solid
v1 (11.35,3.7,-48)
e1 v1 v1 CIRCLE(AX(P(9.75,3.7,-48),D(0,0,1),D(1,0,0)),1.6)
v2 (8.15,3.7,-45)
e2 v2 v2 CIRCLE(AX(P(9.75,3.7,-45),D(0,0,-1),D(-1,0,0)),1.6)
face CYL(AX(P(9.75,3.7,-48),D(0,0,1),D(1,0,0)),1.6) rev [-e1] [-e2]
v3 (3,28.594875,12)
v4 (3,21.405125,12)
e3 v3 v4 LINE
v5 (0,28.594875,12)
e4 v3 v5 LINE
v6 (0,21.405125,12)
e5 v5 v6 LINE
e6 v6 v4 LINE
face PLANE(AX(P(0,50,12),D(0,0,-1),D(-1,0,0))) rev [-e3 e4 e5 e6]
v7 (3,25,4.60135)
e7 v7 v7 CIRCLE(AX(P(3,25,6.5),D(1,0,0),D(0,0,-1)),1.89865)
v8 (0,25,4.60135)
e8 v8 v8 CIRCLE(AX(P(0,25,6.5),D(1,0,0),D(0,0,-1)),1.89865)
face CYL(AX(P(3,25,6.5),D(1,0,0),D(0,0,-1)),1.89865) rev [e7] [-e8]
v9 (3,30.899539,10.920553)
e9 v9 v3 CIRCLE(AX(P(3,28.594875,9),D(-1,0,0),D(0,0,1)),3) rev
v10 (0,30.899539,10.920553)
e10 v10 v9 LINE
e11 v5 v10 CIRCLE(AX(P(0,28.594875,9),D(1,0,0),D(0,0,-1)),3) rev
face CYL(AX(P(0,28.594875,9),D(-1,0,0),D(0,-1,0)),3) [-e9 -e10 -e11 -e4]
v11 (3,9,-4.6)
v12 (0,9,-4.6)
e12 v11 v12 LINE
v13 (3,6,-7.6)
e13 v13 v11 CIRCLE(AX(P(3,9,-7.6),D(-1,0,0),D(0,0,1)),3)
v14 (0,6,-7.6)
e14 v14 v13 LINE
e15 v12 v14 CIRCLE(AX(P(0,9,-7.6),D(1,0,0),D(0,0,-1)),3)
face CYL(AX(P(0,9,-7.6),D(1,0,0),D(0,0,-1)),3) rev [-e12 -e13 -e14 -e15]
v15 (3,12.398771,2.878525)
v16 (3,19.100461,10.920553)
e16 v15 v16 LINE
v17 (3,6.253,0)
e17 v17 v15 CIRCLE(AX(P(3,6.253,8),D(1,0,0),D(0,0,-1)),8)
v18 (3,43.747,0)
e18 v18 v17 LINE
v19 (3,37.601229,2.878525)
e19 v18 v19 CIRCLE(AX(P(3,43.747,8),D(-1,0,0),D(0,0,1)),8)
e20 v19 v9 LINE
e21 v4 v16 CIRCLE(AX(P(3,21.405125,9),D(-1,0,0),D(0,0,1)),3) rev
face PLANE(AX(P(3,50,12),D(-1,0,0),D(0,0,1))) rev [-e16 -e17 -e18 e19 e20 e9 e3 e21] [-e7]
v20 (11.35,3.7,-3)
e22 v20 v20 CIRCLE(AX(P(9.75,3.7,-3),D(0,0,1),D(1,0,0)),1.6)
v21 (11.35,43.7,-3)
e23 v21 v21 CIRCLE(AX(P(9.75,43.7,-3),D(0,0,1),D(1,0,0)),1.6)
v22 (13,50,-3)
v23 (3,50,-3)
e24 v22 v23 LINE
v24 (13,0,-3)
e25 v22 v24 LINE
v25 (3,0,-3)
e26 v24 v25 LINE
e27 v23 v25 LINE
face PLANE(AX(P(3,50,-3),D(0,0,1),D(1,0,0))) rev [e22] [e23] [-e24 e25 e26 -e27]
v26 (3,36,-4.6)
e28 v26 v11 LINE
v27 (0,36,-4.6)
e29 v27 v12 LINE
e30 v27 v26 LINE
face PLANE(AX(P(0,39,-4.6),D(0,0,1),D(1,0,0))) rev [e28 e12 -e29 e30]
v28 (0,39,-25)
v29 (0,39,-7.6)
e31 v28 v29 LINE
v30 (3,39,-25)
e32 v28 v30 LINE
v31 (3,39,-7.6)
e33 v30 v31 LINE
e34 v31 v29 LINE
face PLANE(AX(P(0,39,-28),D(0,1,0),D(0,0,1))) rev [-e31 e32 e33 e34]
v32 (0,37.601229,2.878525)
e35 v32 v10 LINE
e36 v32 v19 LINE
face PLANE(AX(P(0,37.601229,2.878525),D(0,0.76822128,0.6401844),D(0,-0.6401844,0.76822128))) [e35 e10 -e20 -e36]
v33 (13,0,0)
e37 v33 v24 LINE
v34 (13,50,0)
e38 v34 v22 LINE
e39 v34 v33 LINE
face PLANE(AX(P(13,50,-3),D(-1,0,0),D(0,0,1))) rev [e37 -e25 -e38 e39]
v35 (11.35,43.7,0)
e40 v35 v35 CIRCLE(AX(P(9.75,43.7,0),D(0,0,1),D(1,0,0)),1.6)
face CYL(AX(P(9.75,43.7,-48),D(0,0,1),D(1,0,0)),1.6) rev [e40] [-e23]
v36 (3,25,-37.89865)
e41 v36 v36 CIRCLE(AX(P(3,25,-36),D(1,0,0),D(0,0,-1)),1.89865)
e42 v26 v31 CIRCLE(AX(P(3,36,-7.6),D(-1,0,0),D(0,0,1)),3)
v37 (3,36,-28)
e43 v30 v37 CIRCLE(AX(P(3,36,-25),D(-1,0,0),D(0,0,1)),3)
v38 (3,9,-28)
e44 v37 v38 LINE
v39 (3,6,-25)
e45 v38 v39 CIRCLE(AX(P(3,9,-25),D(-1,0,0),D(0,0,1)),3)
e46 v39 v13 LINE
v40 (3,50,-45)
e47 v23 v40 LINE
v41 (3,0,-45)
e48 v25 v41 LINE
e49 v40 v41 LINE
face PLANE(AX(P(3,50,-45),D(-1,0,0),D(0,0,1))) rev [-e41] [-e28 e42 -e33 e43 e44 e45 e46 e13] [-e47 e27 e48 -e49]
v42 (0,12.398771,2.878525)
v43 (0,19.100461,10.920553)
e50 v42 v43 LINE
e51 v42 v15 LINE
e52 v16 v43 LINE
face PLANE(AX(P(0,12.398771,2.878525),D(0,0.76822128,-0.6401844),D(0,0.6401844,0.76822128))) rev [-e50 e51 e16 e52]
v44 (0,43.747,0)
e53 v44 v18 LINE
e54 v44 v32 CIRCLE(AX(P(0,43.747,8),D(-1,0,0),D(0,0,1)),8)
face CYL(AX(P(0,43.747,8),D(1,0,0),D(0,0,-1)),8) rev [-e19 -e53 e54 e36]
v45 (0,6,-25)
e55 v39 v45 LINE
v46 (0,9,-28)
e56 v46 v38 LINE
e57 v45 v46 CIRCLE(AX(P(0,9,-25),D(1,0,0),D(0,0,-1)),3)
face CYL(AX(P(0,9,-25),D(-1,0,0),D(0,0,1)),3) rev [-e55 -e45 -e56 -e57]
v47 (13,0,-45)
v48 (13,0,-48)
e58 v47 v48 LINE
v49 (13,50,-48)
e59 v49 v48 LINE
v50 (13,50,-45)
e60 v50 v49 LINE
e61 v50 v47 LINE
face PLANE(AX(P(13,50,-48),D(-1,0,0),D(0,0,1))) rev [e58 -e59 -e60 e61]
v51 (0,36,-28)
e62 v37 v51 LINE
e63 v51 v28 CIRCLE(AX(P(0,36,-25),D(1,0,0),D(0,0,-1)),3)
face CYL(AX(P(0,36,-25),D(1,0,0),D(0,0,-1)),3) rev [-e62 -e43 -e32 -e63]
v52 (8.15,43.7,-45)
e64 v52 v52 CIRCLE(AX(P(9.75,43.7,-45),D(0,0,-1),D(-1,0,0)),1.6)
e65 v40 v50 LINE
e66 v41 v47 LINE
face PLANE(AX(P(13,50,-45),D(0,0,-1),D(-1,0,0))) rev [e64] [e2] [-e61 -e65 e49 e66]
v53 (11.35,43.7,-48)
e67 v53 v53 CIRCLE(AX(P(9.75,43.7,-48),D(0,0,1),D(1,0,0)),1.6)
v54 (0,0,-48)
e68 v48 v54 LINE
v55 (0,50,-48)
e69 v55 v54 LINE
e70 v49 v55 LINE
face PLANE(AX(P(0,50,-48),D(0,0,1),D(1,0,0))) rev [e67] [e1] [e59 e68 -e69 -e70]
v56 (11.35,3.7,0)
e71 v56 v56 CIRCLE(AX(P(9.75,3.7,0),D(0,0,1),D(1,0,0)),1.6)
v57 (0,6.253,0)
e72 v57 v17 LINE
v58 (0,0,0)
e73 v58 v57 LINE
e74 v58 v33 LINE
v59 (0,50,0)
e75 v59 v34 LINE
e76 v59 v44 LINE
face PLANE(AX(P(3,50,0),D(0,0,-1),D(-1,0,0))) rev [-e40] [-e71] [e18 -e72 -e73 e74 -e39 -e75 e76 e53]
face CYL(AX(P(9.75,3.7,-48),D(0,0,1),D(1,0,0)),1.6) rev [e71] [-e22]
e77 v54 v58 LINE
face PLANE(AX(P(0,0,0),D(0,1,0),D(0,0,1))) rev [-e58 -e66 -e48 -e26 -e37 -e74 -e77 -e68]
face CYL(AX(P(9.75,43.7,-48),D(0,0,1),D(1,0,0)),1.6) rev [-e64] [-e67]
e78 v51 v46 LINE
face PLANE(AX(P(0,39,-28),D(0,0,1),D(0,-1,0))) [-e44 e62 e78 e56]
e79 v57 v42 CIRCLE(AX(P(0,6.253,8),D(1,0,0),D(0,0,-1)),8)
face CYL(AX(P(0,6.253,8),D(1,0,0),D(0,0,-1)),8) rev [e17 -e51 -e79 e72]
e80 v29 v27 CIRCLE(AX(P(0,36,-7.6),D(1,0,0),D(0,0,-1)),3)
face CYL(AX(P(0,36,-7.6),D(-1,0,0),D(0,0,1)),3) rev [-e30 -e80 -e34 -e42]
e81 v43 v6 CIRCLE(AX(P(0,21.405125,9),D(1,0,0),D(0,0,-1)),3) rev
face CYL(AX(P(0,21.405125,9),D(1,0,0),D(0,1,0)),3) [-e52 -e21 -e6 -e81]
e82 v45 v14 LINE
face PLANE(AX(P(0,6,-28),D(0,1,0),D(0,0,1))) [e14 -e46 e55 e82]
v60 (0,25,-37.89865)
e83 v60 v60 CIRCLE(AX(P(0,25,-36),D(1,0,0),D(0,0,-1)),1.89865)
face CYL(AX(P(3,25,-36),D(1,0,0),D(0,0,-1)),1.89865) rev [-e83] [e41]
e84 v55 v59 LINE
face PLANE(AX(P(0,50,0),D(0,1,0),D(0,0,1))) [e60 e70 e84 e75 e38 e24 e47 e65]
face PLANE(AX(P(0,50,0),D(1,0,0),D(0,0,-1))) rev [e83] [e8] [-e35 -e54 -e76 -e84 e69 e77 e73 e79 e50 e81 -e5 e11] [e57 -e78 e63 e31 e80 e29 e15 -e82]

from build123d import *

# Parameters (mm, degrees)
BOSS_EXTRUDE1_DEPTH   = 50
SKETCH3_R             = 1.6
CUT_EXTRUDE1_DEPTH    = 49
SKETCH4_W             = 23.4
SKETCH4_H             = 33
CUT_EXTRUDE2_DEPTH    = 4
FILLET1_R             = 3
FILLET2_R             = 3
F_6_CLEARANCE_HOLE1_D = 3.7973


with BuildPart() as part:
    # Sketch1 → Boss-Extrude1 (new body)
    with BuildSketch(Plane(origin=(0, 0, 0), x_dir=(1, 0, 0), z_dir=(0, 1, 0))):
        Polygon((0, 0), (0, 48), (3, 48), (13, 48), (13, 45), (3, 45), (3, 3), (13, 3), (13, 0), (3, 0), (3, -12), (0, -12), align=None)
    extrude(amount=BOSS_EXTRUDE1_DEPTH)

    # Sketch3 → Cut-Extrude1 (cut, through all)
    with BuildSketch(Plane.XY):
        with Locations((9.75, 43.7)):
            Circle(SKETCH3_R)
        with Locations((9.75, 3.7)):
            Circle(SKETCH3_R)
    extrude(amount=-CUT_EXTRUDE1_DEPTH, mode=Mode.SUBTRACT)

    # Sketch4 → Cut-Extrude2 (cut, through all)
    with BuildSketch(Plane(origin=(3, 0, 0), x_dir=(0, 0, -1), z_dir=(1, 0, 0))):
        with BuildLine():
            Line((0, 50), (-12, 50))
            Line((-12, 50), (-12, 30))
            Line((-12, 30), (-2.878524803, 37.601229331))
            ThreePointArc((-2.878524803, 37.601229331), (-0.75528463, 40.353756398), (0, 43.746999568))
            Line((0, 43.746999568), (0, 50))
        make_face()
        with BuildLine():
            Line((0, 0), (0, 6.253000432))
            ThreePointArc((0, 6.253000432), (-0.75528463, 9.646243602), (-2.878524803, 12.398770669))
            Line((-2.878524803, 12.398770669), (-12, 20))
            Line((-12, 20), (-12, 0))
            Line((-12, 0), (0, 0))
        make_face()
        with Locations((16.3, 22.5)):
            Rectangle(SKETCH4_W, SKETCH4_H)
    extrude(amount=-CUT_EXTRUDE2_DEPTH, mode=Mode.SUBTRACT)

    # Fillet1
    fillet1_edges = [part.edges().sort_by_distance(p)[0] for p in [
        (1.5, 20, 12),
        (1.5, 30, 12),
    ]]
    fillet(fillet1_edges, radius=FILLET1_R)

    # Fillet2
    fillet2_edges = [part.edges().sort_by_distance(p)[0] for p in [
        (1.5, 6, -28),
        (1.5, 6, -4.6),
        (1.5, 39, -4.6),
        (1.5, 39, -28),
    ]]
    fillet(fillet2_edges, radius=FILLET2_R)

    # #6 Clearance Hole1 (through all)
    with Locations(Plane(origin=(3, 0, 0), x_dir=(0, 0, -1), z_dir=(1, 0, 0))):
        with Locations((-6.5, 25), (36, 25)):
            Hole(F_6_CLEARANCE_HOLE1_D / 2)


solid = part.part
